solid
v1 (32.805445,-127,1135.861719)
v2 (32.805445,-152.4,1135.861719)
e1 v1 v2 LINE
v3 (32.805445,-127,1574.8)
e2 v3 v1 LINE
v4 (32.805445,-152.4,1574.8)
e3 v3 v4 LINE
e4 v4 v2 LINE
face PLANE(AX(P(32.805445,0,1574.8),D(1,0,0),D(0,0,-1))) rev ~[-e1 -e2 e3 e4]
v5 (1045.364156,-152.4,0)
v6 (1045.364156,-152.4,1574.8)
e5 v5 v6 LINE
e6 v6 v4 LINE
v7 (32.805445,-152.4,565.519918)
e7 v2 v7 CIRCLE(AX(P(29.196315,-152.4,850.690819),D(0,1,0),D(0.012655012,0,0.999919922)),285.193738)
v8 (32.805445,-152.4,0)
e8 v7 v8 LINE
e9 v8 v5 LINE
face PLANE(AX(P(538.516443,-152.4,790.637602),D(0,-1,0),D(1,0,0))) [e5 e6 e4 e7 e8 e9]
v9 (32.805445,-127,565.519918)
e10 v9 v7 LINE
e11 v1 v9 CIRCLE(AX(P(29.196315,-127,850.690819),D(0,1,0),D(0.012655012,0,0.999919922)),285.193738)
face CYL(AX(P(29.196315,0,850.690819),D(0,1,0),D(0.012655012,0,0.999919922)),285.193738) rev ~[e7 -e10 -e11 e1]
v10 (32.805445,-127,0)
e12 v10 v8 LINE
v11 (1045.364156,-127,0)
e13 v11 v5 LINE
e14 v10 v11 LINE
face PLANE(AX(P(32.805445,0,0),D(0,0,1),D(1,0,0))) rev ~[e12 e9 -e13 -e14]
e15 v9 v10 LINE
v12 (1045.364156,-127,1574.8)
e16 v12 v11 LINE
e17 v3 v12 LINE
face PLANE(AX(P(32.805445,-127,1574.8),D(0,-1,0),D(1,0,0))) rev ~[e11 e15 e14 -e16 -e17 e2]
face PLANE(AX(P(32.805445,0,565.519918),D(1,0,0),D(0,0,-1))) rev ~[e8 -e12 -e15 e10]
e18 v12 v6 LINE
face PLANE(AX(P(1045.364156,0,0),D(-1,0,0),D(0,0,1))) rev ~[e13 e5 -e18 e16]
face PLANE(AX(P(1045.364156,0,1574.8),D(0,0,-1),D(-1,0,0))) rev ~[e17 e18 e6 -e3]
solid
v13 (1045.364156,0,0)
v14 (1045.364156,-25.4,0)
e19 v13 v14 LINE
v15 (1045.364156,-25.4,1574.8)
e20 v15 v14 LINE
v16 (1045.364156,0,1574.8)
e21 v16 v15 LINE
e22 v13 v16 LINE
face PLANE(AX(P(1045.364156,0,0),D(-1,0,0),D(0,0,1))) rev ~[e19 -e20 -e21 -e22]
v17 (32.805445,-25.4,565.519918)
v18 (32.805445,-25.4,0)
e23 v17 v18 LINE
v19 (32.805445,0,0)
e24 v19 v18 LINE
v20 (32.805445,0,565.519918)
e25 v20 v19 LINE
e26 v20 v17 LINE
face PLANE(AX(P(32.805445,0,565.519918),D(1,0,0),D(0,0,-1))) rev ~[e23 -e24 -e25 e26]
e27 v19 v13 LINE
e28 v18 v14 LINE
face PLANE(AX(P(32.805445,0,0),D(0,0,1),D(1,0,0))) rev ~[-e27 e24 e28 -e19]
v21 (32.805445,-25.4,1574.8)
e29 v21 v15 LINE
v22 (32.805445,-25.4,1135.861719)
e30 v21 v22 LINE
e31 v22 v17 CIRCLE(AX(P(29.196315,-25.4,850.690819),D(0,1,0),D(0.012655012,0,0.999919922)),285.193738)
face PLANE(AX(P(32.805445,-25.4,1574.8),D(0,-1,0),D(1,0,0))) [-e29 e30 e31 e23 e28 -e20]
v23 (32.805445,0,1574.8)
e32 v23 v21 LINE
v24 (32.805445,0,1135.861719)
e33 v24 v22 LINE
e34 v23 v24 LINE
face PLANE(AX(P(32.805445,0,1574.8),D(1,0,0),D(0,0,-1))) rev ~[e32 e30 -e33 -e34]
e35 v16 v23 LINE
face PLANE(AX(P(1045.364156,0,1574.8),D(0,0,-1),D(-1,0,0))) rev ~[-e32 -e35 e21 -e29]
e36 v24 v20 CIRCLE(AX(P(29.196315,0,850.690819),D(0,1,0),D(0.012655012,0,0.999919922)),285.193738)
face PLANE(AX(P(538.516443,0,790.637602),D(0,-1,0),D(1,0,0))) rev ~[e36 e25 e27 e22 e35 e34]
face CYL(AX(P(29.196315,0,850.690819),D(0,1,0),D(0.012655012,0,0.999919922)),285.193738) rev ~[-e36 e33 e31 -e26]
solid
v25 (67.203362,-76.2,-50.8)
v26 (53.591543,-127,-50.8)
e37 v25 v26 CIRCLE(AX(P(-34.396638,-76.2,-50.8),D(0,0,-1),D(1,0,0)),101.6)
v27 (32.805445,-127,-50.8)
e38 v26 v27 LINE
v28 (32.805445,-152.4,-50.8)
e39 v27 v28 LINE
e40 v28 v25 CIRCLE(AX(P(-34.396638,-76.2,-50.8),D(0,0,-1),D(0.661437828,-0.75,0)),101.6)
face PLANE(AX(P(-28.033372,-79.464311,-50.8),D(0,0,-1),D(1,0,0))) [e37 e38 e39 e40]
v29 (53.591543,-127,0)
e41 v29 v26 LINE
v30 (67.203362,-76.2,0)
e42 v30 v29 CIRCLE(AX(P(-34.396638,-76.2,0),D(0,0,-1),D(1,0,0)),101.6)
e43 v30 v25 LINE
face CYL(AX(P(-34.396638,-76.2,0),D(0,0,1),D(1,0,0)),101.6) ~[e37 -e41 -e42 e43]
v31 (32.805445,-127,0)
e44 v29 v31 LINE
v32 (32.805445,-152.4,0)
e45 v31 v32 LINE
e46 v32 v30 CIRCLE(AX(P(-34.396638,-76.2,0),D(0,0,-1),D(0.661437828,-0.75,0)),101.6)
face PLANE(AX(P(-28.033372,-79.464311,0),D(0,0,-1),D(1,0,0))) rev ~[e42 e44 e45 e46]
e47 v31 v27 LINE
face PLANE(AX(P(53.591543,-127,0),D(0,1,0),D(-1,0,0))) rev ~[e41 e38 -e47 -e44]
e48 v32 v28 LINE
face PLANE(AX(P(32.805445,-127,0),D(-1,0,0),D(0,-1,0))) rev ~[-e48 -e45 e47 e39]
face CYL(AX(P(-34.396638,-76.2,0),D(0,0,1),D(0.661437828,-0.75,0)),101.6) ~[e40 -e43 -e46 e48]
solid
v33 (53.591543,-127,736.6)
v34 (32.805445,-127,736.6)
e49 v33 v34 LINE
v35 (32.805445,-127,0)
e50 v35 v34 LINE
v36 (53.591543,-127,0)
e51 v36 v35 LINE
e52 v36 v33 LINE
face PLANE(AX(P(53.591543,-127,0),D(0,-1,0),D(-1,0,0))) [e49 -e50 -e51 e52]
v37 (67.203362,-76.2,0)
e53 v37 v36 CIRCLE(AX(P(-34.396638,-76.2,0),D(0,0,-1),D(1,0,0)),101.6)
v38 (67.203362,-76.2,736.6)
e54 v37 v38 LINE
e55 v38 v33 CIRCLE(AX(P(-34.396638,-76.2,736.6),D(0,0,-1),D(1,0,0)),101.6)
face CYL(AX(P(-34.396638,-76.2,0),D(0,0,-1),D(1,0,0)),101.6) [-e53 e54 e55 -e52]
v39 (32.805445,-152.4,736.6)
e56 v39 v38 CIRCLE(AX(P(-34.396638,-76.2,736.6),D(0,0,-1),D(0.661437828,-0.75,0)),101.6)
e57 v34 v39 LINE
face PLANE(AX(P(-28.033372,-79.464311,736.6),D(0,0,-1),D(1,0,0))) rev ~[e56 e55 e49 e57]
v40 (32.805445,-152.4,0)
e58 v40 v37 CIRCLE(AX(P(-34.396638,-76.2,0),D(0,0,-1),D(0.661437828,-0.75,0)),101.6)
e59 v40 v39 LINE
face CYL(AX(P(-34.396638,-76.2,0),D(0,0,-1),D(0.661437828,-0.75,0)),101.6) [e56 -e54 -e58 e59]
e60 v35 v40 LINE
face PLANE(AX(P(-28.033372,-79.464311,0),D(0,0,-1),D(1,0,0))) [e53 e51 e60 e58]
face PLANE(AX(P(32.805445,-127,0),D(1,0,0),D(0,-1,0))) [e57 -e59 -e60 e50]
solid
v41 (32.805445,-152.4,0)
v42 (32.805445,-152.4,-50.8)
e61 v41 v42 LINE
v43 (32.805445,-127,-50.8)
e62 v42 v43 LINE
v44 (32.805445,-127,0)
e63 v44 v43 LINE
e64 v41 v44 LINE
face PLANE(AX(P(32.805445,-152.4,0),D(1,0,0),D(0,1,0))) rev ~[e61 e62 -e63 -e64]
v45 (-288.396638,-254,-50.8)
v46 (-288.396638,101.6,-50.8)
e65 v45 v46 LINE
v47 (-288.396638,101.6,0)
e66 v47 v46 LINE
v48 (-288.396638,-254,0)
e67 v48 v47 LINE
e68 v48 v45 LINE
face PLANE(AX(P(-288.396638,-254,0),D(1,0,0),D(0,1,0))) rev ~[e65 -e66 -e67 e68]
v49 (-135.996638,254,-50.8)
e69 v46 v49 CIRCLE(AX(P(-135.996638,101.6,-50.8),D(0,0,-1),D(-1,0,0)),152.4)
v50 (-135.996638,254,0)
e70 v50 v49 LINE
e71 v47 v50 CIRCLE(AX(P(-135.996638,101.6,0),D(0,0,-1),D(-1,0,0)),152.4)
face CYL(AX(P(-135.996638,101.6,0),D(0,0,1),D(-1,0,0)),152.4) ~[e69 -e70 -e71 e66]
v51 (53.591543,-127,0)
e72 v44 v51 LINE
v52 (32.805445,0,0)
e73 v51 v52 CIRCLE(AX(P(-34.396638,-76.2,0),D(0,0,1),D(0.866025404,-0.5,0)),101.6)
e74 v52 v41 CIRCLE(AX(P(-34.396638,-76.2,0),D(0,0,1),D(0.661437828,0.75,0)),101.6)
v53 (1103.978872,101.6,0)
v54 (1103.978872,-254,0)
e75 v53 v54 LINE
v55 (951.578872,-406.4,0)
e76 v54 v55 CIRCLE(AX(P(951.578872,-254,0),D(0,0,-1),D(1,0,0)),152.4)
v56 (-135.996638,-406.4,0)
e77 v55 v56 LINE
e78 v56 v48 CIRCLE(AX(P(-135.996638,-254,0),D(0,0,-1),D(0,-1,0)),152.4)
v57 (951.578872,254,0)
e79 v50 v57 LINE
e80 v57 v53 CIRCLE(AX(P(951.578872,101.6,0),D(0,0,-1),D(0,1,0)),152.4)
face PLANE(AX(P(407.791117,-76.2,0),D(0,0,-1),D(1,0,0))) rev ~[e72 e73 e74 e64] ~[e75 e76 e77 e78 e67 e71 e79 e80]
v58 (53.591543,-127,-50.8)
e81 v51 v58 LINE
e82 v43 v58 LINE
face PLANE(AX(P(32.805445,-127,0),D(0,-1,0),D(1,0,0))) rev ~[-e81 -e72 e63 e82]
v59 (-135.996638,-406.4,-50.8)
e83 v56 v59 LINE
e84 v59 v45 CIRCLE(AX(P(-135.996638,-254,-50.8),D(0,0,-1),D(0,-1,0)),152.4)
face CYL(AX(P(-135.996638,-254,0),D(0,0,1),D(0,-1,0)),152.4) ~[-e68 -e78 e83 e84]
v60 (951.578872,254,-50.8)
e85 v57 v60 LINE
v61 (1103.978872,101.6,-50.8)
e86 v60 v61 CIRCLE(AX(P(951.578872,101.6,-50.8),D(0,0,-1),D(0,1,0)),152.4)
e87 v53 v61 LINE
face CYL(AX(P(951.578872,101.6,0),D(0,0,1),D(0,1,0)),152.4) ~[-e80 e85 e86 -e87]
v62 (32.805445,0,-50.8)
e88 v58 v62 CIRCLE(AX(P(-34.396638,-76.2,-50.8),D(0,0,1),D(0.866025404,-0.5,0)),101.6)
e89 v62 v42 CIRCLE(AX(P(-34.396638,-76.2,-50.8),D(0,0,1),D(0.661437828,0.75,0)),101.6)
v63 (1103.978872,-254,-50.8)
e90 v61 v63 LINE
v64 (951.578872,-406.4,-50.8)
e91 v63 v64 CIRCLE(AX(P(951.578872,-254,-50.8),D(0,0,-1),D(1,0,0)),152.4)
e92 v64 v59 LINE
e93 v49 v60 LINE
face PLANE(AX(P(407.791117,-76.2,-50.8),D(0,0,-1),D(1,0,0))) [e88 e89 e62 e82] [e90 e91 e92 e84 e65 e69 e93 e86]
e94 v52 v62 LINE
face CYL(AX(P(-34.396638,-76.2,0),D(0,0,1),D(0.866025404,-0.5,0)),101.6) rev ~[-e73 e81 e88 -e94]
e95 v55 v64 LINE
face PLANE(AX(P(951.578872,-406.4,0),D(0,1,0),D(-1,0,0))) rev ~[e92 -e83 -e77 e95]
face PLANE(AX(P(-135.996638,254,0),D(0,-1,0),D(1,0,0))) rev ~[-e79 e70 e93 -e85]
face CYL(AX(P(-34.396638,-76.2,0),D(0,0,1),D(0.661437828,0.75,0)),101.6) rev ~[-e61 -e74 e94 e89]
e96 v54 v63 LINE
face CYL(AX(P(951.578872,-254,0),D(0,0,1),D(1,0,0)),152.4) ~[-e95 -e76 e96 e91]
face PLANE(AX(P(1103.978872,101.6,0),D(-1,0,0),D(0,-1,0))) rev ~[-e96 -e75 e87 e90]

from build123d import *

# Parameters (mm, degrees)
F2_DEPTH = 152.4
F3_W     = 1012.558711063
F3_H     = 101.6
F4_DEPTH = 1574.8
F6_DEPTH = 736.6
F8_DEPTH = 50.8
F9_DEPTH = 50.8


with BuildPart() as f2:
    # F1 (on Front) → F2 (new body)
    with BuildSketch(Plane.XZ):
        with BuildLine():
            ThreePointArc((32.8054452588, 1135.8617189374), (314.3900531211, 850.6908187111), (32.8054452588, 565.5199184849))
            Line((32.8054452588, 565.5199184849), (32.8054452588, 0))
            Line((32.8054452588, 0), (1045.3641563217, 0))
            Line((1045.3641563217, 0), (1045.3641563217, 1574.8))
            Line((1045.3641563217, 1574.8), (32.8054452588, 1574.8))
            Line((32.8054452588, 1574.8), (32.8054452588, 1135.8617189374))
        make_face()
    extrude(amount=F2_DEPTH)

    # F3 (on face) → F4 (cut)
    with BuildSketch(Plane.XY.offset(1574.8)):
        with Locations((539.0848007902, -76.2)):
            Rectangle(F3_W, F3_H)
    extrude(amount=-F4_DEPTH, mode=Mode.SUBTRACT)


with BuildPart() as f6:
    # F5 (on face) → F6 (new body)
    with BuildSketch(Plane(origin=(0, 0, 0), x_dir=(1, 0, 0), z_dir=(0, 0, -1))):
        with BuildLine():
            Line((32.8054452588, 127), (32.8054452588, 152.4))
            ThreePointArc((32.8054452588, 152.4), (-135.9966380423, 76.2), (32.8054452588, 0))
            ThreePointArc((32.8054452588, 0), (58.2054452588, 34.397916699), (67.2033619577, 76.2))
            ThreePointArc((67.2033619577, 76.2), (63.7414259087, 102.4960149824), (53.5915429822, 127))
            Line((53.5915429822, 127), (32.8054452588, 127))
        make_face()
    extrude(amount=-F6_DEPTH)


with BuildPart() as f8:
    # F7 (on face) → F8 (new body)
    with BuildSketch(Plane(origin=(0, 0, 0), x_dir=(1, 0, 0), z_dir=(0, 0, -1))):
        with BuildLine():
            Line((951.5788722992, 406.4), (-135.9966380423, 406.4))
            ThreePointArc((-135.9966380423, 406.4), (-243.7597114951, 361.7630734528), (-288.3966380423, 254))
            Line((-288.3966380423, 254), (-288.3966380423, -101.6))
            ThreePointArc((-288.3966380423, -101.6), (-243.7597114951, -209.3630734528), (-135.9966380423, -254))
            Line((-135.9966380423, -254), (951.5788722992, -254))
            ThreePointArc((951.5788722992, -254), (1059.341945752, -209.3630734528), (1103.9788722992, -101.6))
            Line((1103.9788722992, -101.6), (1103.9788722992, 254))
            ThreePointArc((1103.9788722992, 254), (1059.341945752, 361.7630734528), (951.5788722992, 406.4))
        make_face()
        with BuildLine():
            Line((32.8054452588, 127), (53.5915429822, 127))
            ThreePointArc((53.5915429822, 127), (65.8692810696, 59.7894709213), (32.8054452588, 0))
            ThreePointArc((32.8054452588, 0), (-135.9966380423, 76.2), (32.8054452588, 152.4))
            Line((32.8054452588, 152.4), (32.8054452588, 127))
        make_face(mode=Mode.SUBTRACT)
    extrude(amount=F8_DEPTH)


with BuildPart() as f9:
    # F9 (new): a face of the model
    f9_faces = [f6.part.faces().sort_by_distance(p)[0] for p in [
        (-35.0765413832, -75.6550871549, 0),
    ]]
    extrude(f9_faces, amount=F9_DEPTH)


solid = Compound([f2.part, f6.part, f8.part, f9.part])
